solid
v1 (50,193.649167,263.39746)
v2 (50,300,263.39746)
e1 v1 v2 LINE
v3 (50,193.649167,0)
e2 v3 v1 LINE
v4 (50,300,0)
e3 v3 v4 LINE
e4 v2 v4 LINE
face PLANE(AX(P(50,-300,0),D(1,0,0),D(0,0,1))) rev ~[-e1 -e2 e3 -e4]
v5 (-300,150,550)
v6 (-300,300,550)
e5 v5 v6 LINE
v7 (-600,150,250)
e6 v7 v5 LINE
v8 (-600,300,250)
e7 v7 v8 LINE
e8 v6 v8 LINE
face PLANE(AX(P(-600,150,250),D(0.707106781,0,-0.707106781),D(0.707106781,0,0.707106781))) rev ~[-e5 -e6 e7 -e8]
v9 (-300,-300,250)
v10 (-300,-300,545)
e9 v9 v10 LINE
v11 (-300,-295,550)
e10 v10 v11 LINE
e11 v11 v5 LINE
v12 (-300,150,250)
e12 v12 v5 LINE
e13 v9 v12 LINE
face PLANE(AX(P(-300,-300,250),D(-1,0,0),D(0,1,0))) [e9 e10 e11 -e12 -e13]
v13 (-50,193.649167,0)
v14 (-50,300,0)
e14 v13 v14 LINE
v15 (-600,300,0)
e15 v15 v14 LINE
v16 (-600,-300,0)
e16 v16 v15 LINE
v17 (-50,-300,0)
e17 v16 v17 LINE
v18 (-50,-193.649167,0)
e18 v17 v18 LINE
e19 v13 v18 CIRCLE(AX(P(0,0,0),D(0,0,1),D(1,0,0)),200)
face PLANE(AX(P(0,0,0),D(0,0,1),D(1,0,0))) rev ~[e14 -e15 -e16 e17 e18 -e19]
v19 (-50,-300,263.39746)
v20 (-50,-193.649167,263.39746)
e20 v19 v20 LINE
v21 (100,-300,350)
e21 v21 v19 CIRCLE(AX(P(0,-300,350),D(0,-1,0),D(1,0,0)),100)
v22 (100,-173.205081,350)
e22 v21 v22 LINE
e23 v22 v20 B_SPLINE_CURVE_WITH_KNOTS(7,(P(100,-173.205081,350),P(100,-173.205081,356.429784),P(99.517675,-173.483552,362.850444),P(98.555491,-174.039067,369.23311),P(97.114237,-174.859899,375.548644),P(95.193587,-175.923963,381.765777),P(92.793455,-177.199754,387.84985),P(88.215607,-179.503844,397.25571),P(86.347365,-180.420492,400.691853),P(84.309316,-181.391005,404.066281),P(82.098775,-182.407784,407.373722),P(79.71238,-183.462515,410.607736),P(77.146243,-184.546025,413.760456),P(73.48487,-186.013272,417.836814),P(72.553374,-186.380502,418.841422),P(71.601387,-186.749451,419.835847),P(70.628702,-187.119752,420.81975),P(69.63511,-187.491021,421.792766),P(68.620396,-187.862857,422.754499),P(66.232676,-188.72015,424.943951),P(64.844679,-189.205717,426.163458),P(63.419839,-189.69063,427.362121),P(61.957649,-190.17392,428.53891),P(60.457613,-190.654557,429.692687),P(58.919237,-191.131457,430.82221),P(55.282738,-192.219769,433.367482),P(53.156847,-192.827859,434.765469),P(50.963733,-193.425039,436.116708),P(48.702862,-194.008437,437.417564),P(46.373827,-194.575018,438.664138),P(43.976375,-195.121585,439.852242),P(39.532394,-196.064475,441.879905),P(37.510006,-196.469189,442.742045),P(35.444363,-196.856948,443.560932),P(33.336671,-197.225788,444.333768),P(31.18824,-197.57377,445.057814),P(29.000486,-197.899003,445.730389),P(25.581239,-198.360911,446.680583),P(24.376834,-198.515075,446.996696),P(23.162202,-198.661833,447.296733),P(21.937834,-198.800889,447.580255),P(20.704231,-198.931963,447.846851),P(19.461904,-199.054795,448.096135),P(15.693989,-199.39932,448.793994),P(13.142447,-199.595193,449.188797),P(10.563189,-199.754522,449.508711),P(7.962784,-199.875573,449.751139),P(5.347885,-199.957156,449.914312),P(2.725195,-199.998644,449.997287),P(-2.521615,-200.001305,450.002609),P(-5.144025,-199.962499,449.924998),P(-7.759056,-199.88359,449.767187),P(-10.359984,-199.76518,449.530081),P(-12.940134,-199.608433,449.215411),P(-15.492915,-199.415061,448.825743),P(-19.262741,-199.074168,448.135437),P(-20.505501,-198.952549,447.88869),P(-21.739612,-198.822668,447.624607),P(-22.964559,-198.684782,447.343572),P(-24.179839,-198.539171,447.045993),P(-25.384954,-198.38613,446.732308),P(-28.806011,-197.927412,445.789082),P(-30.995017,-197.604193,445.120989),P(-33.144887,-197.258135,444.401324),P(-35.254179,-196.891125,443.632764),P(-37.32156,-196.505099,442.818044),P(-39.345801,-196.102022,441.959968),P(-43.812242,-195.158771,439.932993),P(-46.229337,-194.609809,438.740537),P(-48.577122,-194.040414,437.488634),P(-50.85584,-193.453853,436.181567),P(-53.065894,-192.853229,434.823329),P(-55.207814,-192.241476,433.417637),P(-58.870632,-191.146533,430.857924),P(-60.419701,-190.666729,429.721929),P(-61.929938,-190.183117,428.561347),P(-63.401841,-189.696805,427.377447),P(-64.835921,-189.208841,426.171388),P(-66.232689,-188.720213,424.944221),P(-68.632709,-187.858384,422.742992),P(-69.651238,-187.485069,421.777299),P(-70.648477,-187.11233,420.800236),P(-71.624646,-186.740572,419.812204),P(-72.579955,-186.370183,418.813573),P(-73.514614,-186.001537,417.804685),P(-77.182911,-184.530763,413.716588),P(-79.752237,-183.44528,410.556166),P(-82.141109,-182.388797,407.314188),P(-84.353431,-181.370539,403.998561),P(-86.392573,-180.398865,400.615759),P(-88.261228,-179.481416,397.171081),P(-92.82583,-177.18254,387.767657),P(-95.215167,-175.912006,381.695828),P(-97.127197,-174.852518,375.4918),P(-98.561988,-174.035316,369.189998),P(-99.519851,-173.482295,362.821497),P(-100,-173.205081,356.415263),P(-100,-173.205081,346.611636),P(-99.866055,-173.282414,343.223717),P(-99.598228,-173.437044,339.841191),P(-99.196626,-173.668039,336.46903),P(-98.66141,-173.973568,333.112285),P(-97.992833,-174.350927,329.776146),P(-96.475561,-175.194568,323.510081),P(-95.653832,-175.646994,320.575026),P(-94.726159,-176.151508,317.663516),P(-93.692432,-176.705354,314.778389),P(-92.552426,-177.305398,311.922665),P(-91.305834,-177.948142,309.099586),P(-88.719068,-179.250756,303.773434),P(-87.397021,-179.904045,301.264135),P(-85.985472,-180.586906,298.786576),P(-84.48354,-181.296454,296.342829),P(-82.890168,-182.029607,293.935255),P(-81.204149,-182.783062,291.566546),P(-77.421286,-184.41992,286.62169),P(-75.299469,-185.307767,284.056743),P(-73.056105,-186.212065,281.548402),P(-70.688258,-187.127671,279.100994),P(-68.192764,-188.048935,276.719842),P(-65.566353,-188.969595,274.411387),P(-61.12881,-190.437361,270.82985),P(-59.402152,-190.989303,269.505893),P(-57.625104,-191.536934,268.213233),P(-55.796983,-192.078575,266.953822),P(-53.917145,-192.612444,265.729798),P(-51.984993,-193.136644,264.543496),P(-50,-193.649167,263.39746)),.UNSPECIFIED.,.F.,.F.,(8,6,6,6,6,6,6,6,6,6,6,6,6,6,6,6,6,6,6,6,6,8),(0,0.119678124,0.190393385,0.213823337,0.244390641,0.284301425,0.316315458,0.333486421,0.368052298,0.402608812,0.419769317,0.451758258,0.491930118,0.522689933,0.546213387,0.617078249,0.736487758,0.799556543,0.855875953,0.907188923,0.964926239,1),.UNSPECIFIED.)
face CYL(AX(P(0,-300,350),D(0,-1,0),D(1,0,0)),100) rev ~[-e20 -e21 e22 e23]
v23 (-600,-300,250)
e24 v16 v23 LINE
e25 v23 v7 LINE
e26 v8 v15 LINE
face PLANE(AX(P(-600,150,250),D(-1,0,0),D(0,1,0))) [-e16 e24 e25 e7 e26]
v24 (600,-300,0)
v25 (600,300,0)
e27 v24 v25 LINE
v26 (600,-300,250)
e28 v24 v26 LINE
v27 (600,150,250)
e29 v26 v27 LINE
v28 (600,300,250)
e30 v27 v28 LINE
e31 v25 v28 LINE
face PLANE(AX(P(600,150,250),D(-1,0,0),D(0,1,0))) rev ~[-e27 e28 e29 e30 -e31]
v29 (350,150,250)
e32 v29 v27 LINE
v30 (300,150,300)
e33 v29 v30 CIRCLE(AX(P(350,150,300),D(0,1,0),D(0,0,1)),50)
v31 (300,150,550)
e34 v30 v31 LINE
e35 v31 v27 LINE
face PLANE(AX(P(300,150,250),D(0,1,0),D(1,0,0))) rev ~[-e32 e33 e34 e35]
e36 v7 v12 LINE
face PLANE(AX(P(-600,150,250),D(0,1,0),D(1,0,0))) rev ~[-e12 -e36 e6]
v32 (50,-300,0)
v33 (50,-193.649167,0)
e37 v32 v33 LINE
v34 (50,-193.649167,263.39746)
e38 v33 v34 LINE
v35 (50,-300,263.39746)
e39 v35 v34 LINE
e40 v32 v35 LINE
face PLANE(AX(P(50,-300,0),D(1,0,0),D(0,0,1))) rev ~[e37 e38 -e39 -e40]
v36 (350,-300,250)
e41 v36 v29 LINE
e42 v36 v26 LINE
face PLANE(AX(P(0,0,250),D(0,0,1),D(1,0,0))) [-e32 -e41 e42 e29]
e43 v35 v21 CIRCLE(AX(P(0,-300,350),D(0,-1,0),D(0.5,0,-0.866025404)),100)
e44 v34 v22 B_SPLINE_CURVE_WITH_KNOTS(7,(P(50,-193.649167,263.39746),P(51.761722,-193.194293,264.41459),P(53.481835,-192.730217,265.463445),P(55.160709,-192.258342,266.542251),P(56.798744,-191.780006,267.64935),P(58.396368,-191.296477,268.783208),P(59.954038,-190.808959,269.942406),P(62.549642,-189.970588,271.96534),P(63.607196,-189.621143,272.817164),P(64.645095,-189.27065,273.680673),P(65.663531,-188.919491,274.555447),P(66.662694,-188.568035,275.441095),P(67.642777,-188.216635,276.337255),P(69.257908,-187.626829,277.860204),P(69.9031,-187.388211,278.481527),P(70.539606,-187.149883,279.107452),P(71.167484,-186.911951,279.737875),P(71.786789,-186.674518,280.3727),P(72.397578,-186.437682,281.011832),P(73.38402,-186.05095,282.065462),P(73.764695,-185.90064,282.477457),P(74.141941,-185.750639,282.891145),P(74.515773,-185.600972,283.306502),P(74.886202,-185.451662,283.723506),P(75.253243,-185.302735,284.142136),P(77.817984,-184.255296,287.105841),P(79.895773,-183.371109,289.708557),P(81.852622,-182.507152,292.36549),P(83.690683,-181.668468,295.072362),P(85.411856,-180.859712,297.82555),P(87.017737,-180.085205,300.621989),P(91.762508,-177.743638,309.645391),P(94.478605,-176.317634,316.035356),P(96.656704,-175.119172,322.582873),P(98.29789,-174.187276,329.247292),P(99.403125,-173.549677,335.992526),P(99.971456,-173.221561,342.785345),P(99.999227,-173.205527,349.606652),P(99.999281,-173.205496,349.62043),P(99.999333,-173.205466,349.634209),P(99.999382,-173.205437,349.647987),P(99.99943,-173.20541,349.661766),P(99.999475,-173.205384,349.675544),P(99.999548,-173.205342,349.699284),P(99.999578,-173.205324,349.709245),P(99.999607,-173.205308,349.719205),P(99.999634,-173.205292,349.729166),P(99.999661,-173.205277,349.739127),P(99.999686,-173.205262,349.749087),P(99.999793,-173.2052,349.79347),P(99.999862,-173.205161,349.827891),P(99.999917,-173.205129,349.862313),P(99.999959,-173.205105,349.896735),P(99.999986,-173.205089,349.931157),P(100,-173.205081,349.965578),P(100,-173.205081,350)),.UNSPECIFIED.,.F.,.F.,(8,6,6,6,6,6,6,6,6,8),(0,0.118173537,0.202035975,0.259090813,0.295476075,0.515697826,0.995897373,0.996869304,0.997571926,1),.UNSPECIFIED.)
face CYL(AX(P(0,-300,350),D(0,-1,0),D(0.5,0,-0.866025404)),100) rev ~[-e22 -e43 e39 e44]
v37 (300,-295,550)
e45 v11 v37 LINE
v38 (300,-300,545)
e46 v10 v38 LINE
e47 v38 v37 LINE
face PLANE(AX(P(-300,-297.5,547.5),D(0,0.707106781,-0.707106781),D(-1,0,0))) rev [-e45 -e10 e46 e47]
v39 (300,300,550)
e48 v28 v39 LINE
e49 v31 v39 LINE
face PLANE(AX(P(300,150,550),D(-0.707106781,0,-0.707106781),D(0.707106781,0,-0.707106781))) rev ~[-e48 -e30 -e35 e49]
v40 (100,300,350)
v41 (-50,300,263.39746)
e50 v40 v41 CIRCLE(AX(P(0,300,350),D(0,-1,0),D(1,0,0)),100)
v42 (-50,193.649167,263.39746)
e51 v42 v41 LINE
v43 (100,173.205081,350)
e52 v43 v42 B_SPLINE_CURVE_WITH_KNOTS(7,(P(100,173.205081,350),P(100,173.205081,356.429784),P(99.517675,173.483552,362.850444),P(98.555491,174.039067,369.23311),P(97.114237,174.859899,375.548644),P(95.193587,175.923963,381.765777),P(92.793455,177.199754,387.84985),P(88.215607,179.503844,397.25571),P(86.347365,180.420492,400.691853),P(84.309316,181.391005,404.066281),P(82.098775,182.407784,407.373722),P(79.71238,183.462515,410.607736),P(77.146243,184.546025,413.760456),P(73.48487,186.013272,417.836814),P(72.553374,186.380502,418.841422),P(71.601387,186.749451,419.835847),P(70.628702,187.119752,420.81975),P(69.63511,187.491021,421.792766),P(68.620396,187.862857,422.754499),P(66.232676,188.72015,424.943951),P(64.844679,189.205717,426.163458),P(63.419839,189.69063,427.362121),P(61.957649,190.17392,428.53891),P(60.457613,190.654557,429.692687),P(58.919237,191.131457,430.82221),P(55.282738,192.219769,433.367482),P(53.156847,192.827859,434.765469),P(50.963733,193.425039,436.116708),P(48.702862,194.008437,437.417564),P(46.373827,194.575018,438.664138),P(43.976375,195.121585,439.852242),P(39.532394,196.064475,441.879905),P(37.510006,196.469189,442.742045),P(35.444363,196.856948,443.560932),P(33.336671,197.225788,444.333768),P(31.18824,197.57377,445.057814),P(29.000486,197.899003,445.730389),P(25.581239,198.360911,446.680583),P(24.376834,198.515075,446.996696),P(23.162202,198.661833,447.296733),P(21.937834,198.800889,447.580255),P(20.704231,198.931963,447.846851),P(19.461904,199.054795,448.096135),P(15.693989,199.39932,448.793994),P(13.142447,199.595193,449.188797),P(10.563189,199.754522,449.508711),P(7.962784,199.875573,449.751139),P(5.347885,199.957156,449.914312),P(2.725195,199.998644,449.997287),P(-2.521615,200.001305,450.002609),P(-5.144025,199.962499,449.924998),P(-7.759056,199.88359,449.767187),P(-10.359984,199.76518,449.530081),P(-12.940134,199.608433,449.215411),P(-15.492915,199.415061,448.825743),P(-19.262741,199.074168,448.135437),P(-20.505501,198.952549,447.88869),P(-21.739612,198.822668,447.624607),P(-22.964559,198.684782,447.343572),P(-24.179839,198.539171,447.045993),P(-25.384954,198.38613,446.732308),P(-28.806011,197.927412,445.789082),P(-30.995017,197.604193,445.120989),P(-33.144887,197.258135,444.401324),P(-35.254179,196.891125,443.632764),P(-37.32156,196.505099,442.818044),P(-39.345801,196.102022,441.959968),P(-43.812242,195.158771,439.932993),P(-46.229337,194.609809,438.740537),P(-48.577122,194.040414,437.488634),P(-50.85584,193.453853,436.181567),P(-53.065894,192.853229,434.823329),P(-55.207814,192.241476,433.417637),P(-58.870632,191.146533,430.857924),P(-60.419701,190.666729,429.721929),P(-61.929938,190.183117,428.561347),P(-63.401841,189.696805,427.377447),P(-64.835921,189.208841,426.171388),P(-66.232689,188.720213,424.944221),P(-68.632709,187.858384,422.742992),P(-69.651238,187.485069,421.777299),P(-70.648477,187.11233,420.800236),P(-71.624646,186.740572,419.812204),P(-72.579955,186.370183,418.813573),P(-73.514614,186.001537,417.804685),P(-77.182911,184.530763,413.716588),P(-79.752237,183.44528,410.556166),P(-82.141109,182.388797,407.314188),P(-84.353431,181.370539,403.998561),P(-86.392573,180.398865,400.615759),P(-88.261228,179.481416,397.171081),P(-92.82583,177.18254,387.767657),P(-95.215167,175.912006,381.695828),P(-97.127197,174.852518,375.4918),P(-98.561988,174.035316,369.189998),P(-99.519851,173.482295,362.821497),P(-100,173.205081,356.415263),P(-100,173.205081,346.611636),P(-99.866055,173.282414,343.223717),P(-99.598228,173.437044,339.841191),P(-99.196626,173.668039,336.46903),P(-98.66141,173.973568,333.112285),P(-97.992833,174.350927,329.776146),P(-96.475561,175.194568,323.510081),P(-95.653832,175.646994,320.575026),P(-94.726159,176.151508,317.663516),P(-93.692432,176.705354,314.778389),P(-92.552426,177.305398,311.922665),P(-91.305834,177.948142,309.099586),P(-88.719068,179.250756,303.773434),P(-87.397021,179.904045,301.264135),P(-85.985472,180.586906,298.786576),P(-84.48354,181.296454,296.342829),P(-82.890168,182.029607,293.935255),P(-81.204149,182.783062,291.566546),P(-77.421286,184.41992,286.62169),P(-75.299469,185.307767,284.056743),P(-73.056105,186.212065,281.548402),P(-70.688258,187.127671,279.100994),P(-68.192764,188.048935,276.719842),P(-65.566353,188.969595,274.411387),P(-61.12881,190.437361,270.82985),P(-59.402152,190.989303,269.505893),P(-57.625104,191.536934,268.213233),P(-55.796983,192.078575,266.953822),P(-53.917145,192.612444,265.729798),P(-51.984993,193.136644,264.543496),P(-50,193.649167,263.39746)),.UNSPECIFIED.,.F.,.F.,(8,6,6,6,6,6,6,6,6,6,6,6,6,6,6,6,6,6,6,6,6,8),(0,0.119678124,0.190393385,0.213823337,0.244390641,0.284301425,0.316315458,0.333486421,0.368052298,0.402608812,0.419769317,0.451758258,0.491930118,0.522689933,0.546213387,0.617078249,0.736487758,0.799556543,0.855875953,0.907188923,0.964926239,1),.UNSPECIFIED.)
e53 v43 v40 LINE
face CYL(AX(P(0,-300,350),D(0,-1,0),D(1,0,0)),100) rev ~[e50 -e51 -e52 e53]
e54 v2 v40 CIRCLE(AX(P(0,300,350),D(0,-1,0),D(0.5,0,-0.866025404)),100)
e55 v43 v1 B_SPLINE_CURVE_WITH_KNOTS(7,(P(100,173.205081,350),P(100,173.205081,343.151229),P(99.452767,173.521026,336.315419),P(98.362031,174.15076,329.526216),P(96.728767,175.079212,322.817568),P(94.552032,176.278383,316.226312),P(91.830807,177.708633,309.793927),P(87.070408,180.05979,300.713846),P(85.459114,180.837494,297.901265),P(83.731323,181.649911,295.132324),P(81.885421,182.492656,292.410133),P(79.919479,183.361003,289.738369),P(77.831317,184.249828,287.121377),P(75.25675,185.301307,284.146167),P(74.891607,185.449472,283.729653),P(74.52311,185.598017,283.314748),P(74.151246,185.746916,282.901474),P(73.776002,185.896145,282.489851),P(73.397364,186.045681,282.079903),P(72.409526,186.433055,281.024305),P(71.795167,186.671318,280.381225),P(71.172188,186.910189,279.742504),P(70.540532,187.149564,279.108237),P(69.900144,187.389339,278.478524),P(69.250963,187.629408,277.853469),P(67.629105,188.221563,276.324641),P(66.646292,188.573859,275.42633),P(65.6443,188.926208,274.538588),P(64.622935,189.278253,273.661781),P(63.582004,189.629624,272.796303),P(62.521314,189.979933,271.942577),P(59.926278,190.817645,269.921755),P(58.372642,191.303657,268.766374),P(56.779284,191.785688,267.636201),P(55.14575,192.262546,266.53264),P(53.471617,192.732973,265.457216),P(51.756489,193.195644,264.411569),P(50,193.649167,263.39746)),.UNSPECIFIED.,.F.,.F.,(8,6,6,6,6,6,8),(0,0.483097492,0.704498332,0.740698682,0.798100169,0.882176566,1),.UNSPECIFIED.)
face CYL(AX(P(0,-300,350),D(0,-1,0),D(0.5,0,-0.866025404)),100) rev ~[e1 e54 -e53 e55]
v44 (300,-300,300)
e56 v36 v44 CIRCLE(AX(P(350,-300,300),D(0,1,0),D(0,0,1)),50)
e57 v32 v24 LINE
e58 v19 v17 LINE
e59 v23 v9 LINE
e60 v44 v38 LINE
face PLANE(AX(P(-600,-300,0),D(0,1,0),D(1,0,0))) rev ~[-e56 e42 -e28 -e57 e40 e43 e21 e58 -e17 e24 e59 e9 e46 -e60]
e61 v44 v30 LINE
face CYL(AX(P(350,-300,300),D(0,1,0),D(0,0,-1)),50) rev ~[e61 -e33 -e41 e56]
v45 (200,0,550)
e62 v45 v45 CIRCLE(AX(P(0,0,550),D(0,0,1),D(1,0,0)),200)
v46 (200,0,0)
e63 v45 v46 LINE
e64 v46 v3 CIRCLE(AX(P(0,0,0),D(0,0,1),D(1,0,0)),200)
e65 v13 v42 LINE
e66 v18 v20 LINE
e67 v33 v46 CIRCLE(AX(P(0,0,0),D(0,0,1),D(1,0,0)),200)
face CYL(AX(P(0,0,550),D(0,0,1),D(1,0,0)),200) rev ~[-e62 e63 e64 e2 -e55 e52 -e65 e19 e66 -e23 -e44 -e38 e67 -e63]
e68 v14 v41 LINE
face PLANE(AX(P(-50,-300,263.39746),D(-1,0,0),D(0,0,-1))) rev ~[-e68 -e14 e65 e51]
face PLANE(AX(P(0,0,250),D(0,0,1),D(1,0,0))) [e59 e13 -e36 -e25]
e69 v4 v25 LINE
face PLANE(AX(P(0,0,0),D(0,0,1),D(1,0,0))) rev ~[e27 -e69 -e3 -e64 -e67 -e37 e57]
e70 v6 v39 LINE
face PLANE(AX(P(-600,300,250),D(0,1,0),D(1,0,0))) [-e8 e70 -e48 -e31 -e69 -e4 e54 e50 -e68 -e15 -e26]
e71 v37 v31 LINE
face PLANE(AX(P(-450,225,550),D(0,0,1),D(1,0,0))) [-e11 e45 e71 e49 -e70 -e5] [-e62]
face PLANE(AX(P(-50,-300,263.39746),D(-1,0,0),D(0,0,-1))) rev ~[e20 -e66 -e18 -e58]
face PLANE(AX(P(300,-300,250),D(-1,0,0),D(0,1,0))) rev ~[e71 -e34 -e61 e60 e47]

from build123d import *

# Parameters (mm, degrees)
F0_W      = 1200
F0_H      = 600
F1_DEPTH  = 250
F2_W      = 600
F2_H      = 600
F3_DEPTH  = 300
F4_R      = 200
F5_DEPTH  = 550.001
F6_W      = 300
F6_H      = 150
F7_DEPTH  = 300
F8_W      = 300
F8_H      = 150
F9_DEPTH  = 300
F11_DEPTH = 600.001
F13_DEPTH = 150.0010001
F15_DEPTH = 150.0010001
F16_R     = 50
F17_SIZE2 = 5
F17_SIZE  = 5


with BuildPart() as f1:
    # F0 (on Top) → F1 (new body)
    with BuildSketch(Plane.XY):
        Rectangle(F0_W, F0_H)
    extrude(amount=F1_DEPTH)

    # F2 (on face) → F3 (join)
    with BuildSketch(Plane.XY.offset(250)):
        Rectangle(F2_W, F2_H)
    extrude(amount=F3_DEPTH)

    # F4 (on face) → F5 (cut, through all)
    with BuildSketch(Plane.XY.offset(550)):
        Circle(F4_R)
    extrude(amount=-F5_DEPTH, mode=Mode.SUBTRACT)

    # F6 (on face) → F7 (join)
    with BuildSketch(Plane.XY.offset(250)):
        with Locations((450, 225)):
            Rectangle(F6_W, F6_H)
    extrude(amount=F7_DEPTH)

    # F8 (on face) → F9 (join)
    with BuildSketch(Plane.XY.offset(250)):
        with Locations((-450, 225)):
            Rectangle(F8_W, F8_H)
    extrude(amount=F9_DEPTH)

    # F10 (on face) → F11 (cut, through all)
    with BuildSketch(Plane.XZ.offset(300)):
        with BuildLine():
            ThreePointArc((50, 263.3974596216), (86.6025403784, 300), (100, 350))
            ThreePointArc((100, 350), (-50, 436.6025403784), (-50, 263.3974596216))
            ThreePointArc((-50, 263.3974596216), (0, 250), (50, 263.3974596216))
        make_face()
        with BuildLine():
            ThreePointArc((50, 263.3974596216), (0, 250), (-50, 263.3974596216))
            Line((-50, 263.3974596216), (-50, 0))
            Line((-50, 0), (50, 0))
            Line((50, 0), (50, 263.3974596216))
        make_face()
    extrude(amount=-F11_DEPTH, mode=Mode.SUBTRACT)

    # F12 (on face) → F13 (cut, through all)
    with BuildSketch(Plane.XZ.offset(-150)):
        Polygon((600, 550), (300, 550), (600, 250), align=None)
    extrude(amount=-F13_DEPTH, mode=Mode.SUBTRACT)

    # F14 (on face) → F15 (cut, through all)
    with BuildSketch(Plane.XZ.offset(-150)):
        Polygon((-600, 250), (-300, 550), (-600, 550), align=None)
    extrude(amount=-F15_DEPTH, mode=Mode.SUBTRACT)

    # F16
    f16_edges = [f1.edges().sort_by_distance(p)[0] for p in [
        (300, -75, 250),
    ]]
    fillet(f16_edges, radius=F16_R)

    # F17
    f17_edges = [f1.edges().sort_by_distance(p)[0] for p in [
        (0, -300, 550),
    ]]
    chamfer(f17_edges, length=F17_SIZE, length2=F17_SIZE2)


solid = f1.part
